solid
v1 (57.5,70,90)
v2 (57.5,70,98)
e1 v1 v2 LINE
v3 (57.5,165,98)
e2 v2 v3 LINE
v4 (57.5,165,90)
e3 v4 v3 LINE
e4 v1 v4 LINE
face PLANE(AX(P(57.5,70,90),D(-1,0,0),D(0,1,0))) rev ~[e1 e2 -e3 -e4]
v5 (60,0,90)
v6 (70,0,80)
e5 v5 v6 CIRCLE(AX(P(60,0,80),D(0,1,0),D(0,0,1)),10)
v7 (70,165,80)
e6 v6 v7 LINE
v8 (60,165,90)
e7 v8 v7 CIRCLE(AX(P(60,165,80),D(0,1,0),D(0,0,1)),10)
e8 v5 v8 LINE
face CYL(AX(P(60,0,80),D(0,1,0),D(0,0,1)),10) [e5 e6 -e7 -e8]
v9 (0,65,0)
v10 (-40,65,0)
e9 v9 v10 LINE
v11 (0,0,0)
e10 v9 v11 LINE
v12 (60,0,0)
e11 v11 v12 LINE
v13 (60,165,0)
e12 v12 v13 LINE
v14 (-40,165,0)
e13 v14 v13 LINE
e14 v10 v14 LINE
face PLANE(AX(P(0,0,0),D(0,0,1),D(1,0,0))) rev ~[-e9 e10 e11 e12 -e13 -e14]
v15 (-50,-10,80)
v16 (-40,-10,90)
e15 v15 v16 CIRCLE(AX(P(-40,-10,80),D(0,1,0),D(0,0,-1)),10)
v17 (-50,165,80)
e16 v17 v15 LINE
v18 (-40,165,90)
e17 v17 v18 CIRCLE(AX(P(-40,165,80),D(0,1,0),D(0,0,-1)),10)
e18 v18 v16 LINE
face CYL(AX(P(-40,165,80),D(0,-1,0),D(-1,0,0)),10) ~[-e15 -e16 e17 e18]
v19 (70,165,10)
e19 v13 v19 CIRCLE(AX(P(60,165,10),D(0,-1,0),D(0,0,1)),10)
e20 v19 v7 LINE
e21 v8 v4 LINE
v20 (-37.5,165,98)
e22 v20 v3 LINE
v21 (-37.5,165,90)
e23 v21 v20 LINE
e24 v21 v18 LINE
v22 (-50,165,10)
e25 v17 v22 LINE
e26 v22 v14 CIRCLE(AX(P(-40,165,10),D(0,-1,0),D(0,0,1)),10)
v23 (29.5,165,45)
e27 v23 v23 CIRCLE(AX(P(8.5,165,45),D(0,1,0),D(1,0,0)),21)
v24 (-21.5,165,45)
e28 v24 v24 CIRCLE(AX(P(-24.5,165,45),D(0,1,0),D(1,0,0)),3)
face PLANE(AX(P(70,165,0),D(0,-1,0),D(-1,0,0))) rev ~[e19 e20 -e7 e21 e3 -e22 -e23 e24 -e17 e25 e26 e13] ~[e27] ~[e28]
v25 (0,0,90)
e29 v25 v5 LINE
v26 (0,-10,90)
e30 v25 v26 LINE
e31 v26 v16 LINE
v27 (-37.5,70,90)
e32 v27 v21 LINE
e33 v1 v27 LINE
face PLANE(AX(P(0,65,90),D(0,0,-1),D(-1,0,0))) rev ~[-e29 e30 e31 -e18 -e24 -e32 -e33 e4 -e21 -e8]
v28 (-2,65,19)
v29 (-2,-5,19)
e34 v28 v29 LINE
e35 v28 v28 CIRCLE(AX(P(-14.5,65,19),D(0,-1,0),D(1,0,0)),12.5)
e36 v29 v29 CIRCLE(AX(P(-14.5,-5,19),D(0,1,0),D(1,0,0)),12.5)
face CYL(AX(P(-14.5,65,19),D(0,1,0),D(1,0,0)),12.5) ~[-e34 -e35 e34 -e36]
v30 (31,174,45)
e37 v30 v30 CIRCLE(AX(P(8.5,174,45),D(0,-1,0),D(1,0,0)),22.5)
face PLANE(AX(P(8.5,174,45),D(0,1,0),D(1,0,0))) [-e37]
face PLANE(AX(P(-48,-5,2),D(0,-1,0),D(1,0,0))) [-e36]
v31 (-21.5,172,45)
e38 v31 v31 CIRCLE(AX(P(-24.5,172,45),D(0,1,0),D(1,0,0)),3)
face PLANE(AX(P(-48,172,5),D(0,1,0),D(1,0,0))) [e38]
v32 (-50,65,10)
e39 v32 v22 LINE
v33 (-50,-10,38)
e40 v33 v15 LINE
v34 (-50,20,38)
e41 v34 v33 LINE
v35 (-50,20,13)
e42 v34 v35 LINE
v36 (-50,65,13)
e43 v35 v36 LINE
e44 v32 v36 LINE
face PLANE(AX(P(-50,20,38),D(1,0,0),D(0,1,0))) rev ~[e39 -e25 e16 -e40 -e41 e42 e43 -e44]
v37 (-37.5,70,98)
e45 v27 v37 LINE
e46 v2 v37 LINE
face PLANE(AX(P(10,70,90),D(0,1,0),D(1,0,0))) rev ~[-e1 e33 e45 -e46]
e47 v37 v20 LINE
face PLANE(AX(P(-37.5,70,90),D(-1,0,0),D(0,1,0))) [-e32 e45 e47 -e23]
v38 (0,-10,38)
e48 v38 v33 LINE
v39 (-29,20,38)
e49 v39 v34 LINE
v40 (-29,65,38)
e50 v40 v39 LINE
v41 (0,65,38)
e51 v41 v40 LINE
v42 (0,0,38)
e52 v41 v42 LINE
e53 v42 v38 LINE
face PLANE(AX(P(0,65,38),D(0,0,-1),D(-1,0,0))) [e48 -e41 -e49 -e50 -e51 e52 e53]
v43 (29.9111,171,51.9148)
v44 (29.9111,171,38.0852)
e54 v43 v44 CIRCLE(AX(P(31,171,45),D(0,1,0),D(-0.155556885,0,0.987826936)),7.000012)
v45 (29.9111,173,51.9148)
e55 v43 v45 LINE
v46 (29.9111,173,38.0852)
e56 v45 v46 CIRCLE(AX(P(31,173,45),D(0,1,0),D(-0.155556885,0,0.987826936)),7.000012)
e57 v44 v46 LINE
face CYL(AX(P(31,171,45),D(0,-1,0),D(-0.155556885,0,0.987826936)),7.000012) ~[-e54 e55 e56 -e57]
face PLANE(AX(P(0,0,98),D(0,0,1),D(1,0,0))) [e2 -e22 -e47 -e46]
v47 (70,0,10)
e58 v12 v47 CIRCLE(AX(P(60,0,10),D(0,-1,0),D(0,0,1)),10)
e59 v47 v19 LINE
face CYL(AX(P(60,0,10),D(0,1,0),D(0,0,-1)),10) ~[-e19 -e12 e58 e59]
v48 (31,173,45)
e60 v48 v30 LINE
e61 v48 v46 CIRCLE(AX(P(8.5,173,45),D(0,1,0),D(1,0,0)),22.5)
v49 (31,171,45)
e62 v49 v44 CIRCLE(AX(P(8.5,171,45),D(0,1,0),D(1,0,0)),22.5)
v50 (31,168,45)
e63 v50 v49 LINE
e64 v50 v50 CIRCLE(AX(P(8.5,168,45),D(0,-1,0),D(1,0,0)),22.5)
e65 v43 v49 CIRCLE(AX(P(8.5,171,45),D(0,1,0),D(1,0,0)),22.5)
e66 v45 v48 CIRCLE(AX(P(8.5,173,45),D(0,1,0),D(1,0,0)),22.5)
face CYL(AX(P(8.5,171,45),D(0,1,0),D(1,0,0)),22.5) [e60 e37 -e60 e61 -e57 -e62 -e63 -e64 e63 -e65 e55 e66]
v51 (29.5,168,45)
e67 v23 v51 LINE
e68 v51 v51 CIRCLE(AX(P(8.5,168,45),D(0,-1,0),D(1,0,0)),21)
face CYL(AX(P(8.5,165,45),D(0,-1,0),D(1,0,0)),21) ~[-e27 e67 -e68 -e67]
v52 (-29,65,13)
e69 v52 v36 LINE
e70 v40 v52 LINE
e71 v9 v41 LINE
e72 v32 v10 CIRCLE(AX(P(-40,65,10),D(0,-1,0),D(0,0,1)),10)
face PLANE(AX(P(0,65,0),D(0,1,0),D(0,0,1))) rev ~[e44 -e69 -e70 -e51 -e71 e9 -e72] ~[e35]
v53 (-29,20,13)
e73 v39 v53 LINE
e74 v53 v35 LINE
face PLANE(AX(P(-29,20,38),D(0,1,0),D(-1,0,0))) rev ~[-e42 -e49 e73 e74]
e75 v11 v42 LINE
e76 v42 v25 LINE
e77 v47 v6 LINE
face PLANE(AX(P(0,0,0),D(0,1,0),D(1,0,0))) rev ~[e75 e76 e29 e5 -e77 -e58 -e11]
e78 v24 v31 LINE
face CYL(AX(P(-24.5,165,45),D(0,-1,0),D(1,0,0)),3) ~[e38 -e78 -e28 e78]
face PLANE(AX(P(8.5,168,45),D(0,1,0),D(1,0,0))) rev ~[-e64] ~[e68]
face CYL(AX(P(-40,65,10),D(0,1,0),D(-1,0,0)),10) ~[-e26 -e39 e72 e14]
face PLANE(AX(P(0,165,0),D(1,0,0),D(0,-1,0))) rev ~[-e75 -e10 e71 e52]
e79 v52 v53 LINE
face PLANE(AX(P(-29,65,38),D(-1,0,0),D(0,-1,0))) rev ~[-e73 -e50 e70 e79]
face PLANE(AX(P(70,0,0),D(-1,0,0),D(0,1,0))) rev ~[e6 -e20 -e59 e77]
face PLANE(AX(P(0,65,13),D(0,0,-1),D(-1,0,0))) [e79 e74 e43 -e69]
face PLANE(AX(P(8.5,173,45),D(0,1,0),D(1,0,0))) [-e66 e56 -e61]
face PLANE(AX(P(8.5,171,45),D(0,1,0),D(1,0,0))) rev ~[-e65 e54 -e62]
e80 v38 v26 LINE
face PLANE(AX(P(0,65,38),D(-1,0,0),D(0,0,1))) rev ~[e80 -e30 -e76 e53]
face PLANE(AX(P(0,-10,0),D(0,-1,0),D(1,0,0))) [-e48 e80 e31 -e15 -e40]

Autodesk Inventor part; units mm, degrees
sketch "Sketch2" plane through (0, 0, 0) normal (0, 0, 1) x (1, 0, 0)
  line L0 (0, 0) -> (70, 0)
  line L1 (70, 0) -> (70, 165)
  line L2 (70, 165) -> (0, 165)
  line L3 (0, 165) -> (0, 0)
  dimension "d0" = 165
  dimension "d1" = 70
extrude "Extrusion1" add sketch "Sketch2" along normal blind 90
sketch "Sketch6" plane through (0, 0, 0) normal (-1, 0, 0) x (0, 0, 1)
  line L0 (90, 0) -> (90, 165) projected
  line L1 (0, 0) -> (0, 165) projected
  line L2 (90, 165) -> (0, 165)
  line L3 (0, 165) -> (0, 65)
  line L4 (0, 65) -> (90, 65)
  line L5 (90, 65) -> (90, 165)
  dimension "d8" = 100
extrude "Extrusion3" add sketch "Sketch6" along normal blind 50
sketch "Sketch7" plane through (0, 65, 0) normal (0, -1, 0) x (1, 0, 0)
  line L0 (70, 90) -> (-50, 90) projected
  line L1 (0, 0) -> (0, 90) projected
  line L2 (-50, 90) -> (0, 90)
  line L3 (0, 90) -> (0, 38)
  line L4 (0, 38) -> (-50, 38)
  line L5 (-50, 38) -> (-50, 90)
  dimension "d11" = 52
extrude "Extrusion4" add sketch "Sketch7" along normal blind 75
sketch "Sketch8" plane through (0, 65, 38) normal (0, 0, -1) x (-1, 0, 0)
  line L0 (0, 0) -> (50, 0) projected
  line L1 (50, 0) -> (29, 0)
  line L2 (29, 0) -> (29, -45)
  line L3 (29, -45) -> (50, -45)
  line L4 (50, -45) -> (50, 0)
  point P0 (0, -65)
  point P1 (29, 0)
  dimension "d14" = 21
  dimension "d15" = 45
extrude "Extrusion5" add sketch "Sketch8" along normal blind 25
sketch "Sketch9" plane through (0, 0, 90) normal (0, 0, 1) x (1, 0, 0)
  line L0 (70, 165) -> (-50, 165) projected
  line L1 (-50, 165) -> (70, 165)
  line L2 (70, 165) -> (10, 165)
  line L3 (10, 70) -> (57.5, 70)
  line L4 (57.5, 70) -> (-37.5, 70)
  line L5 (-37.5, 70) -> (-37.5, 165)
  line L6 (57.5, 70) -> (57.5, 165)
  point P0 (0, 0)
  dimension "d20" = 95
  dimension "d21" = 95
extrude "Extrusion6" add sketch "Sketch9" along normal blind 8
ref_plane "Work Plane1" through (-48, 65, 2) normal (0, -1, 0) x (1, 0, 0)
sketch "Sketch10" plane through (-48, 65, 2) normal (0, -1, 0) x (1, 0, 0)
  line L0 (21, 34) -> (46, 34) projected
  line L1 (33.5, 34) -> (33.5, 0)
  line L2 (46, 0) -> (0, 0) projected
  circle A0 centre (33.5, 17) radius 12.5
  point P0 (48, -2)
extrude "Extrusion7" add sketch "Sketch10" along normal blind 70
ref_plane "Work Plane3" through (-48, 165, 5) normal (0, 1, 0) x (1, 0, 0)
sketch "Sketch11" plane through (-48, 165, 5) normal (0, 1, 0) x (1, 0, 0)
  line L0 (113, 0) -> (113, -80) projected
  line L1 (0, -80) -> (0, 0) projected
  circle A0 centre (56.5, -40) radius 21
  point P0 (48, 5)
  dimension "d29" = 42
extrude "Extrusion8" add sketch "Sketch11" along normal blind 6
ref_plane "Work Plane2" through (-48, 165, 5) normal (0, 1, 0) x (1, 0, 0)
sketch "Sketch12" plane through (-48, 165, 5) normal (0, 1, 0) x (1, 0, 0)
  circle A0 centre (56.5, -40) radius 21 projected
  line L0 (35.5, -40) -> (26.5, -40)
  circle A1 centre (23.5, -40) radius 3
  point P0 (48, 5)
  dimension "d32" = 9
extrude "Extrusion9" add sketch "Sketch12" along normal blind 7 contours A1
sketch "Sketch13" plane through (8.5, 171, 45) normal (0, 1, 0) x (1, 0, 0)
  circle A0 centre (0, 0) radius 22.5
  arc A1 (21.4111, -6.9148) -> (21.4111, 6.9148) centre (22.5, 0) ccw
  point P0 (-8.5, 45)
  dimension "d37" = 45
  dimension "d38" = 14
extrude "Extrusion10" add sketch "Sketch13" along normal mid plane 6 contours A0
extrude "Extrusion11" add sketch "Sketch13" along normal blind 2 contours A0 A1
fillet "Fillet3" radius 10 4 edges at (-50, 115, 0) (70, 82.5, 0) (70, 82.5, 90) (-50, 77.5, 90)
properties part number "windshield washer"
